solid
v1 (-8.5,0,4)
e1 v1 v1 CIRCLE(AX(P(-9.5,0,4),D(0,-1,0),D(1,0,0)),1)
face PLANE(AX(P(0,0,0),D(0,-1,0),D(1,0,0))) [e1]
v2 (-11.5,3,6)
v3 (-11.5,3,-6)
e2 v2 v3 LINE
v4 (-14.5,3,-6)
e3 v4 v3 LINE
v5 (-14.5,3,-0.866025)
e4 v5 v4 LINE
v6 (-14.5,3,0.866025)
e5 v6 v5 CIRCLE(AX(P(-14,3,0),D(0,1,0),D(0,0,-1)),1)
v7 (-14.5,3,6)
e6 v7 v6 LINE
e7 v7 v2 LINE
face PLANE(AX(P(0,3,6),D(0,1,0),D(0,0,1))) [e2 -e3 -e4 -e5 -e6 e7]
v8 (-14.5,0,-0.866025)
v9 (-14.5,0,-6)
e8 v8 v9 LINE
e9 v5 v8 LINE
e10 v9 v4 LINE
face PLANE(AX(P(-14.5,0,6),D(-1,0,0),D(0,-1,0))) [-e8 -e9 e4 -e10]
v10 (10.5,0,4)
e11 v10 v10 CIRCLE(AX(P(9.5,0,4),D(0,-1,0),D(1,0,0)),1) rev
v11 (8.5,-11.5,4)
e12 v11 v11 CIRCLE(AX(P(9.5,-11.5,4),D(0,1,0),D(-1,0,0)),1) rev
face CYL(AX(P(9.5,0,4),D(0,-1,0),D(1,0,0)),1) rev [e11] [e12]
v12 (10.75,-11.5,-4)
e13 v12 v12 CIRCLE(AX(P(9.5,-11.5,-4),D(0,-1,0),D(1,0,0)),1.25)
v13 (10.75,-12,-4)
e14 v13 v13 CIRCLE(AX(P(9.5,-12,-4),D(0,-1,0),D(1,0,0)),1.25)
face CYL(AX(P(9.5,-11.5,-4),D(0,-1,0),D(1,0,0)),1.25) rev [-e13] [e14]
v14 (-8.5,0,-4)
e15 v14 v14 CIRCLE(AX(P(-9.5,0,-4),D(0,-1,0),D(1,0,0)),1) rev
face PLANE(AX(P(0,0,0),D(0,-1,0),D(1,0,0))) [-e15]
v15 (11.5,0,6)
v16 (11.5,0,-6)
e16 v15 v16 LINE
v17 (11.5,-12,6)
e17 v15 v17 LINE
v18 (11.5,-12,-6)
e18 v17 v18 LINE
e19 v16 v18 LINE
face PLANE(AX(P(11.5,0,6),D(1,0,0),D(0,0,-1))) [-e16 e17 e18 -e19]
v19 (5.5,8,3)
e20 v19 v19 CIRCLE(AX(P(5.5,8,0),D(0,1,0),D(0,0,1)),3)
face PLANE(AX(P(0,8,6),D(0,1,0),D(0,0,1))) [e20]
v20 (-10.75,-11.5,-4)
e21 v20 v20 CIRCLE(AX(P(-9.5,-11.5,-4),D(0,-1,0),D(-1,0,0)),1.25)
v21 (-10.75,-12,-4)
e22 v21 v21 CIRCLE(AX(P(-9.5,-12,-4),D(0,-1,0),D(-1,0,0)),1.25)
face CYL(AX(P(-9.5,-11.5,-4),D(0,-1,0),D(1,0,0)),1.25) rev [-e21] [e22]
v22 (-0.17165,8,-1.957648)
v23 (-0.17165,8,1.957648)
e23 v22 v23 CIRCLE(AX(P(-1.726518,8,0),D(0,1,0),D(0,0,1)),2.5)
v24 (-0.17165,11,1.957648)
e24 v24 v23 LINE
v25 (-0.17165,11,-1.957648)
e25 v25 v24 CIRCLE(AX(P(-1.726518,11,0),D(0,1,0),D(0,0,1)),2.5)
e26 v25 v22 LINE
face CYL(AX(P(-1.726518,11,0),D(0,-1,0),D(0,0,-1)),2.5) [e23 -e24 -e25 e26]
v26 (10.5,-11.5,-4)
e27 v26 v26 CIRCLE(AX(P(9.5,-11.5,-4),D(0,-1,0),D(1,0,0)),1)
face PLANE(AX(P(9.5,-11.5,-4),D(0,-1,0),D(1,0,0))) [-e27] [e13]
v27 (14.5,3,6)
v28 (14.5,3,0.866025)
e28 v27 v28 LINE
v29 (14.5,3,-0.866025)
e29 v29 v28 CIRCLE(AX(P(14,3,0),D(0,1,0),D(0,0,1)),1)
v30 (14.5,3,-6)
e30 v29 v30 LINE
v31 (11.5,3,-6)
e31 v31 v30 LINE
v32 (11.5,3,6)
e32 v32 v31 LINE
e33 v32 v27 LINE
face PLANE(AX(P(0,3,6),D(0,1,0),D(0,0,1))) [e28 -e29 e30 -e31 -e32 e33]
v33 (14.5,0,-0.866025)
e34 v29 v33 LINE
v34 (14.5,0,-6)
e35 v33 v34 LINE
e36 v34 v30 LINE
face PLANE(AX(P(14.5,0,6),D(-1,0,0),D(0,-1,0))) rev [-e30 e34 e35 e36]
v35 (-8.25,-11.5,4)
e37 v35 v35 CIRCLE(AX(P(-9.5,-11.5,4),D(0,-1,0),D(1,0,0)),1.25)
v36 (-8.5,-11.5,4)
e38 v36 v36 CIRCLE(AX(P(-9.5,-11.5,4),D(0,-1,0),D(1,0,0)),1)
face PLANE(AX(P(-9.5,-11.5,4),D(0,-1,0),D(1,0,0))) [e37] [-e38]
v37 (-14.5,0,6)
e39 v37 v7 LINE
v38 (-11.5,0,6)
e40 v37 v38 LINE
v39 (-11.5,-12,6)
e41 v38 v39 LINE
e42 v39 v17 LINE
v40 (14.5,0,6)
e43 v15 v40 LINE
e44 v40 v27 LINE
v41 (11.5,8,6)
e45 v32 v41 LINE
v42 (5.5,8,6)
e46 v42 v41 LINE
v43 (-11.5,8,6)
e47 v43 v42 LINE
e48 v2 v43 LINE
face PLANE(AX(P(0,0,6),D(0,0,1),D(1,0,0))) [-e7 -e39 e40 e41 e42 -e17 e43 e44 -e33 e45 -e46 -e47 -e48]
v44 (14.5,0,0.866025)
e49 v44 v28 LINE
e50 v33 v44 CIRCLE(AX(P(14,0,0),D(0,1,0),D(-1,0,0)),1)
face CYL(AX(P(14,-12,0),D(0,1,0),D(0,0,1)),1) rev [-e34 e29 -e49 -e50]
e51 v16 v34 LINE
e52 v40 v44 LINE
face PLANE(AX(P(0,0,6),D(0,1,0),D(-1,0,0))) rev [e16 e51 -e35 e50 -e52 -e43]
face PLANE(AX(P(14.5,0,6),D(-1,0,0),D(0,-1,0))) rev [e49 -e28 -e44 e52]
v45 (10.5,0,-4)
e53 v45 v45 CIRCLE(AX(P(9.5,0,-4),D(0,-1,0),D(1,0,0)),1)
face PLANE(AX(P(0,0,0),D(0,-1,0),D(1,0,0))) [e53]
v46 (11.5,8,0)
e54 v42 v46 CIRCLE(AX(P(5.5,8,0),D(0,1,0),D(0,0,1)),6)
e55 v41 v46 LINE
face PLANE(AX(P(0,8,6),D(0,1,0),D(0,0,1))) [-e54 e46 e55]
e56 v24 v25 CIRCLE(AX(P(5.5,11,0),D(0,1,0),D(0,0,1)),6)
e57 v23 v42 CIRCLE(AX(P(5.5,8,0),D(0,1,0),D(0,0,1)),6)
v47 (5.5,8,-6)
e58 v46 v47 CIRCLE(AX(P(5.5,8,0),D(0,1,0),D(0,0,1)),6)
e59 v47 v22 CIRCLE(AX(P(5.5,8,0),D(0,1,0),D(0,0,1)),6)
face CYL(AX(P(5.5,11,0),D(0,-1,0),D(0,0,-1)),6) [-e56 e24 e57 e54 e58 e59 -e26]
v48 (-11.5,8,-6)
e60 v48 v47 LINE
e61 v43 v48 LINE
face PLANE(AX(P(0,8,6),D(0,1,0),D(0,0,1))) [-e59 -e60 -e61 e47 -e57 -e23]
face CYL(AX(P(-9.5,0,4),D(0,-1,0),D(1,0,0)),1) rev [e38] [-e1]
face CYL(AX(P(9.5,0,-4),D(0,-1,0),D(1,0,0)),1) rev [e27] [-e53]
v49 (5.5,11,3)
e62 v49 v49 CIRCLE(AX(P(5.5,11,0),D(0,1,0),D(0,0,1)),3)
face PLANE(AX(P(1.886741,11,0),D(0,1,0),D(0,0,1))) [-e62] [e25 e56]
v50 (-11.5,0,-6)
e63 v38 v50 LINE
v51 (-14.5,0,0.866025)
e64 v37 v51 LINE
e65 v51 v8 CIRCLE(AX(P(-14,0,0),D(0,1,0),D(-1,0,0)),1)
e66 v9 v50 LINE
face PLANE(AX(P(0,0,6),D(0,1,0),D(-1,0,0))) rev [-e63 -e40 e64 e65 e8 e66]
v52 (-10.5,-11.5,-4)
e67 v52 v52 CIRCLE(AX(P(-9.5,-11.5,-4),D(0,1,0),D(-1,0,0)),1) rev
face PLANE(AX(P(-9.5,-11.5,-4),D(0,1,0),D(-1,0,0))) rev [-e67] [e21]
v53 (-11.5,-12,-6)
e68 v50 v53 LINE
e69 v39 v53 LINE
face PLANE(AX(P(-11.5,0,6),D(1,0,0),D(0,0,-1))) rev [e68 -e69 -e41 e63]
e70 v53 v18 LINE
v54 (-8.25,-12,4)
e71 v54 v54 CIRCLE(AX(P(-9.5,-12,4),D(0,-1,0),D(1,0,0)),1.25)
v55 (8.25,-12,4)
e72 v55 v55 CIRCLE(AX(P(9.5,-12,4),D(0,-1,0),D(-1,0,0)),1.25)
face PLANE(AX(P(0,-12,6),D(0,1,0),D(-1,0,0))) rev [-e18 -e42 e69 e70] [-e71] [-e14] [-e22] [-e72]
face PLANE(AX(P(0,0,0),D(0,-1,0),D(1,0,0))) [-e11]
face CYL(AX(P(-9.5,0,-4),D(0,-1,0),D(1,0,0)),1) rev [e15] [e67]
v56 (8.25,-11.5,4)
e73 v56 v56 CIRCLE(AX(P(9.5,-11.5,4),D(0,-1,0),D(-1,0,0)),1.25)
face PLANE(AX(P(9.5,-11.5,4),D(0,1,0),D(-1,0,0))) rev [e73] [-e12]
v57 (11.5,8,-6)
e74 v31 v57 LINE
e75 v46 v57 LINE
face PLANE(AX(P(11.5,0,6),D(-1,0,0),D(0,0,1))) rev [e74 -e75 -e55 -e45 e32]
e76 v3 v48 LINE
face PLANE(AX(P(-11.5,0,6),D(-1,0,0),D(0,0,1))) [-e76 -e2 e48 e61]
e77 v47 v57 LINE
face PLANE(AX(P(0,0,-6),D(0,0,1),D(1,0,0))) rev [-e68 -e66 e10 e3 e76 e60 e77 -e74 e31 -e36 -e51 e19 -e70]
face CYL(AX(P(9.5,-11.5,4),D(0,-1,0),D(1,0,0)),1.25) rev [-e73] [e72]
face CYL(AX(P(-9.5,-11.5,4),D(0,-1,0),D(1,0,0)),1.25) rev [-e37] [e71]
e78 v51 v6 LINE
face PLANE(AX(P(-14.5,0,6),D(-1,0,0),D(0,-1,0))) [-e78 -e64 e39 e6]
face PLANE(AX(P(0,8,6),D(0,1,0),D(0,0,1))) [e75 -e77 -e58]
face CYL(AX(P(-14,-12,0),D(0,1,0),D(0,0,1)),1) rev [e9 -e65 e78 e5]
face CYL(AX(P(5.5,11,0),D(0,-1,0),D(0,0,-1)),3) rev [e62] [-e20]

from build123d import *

# Parameters (mm, degrees)
BOSS_EXTRUDE1_DEPTH = 6
SKETCH2_R           = 1
CUT_EXTRUDE1_DEPTH  = 22.708293346
SKETCH3_R           = 1.25
SKETCH3_R_2         = 1
CUT_EXTRUDE2_DEPTH  = 0.5
SKETCH3_2_R         = 1
CUT_EXTRUDE3_DEPTH  = 12
SKETCH4_R           = 3
BOSS_EXTRUDE2_DEPTH = 3


with BuildPart() as part:
    # Sketch1 → Boss-Extrude1 (new, symmetric)
    with BuildSketch(Plane.XY):
        Polygon((-14.5, 0), (-11.5, 0), (-11.5, -12), (11.5, -12), (11.5, 0), (14.5, 0), (14.5, 3), (11.5, 3), (11.5, 8), (-11.5, 8), (-11.5, 3), (-14.5, 3), align=None)
    extrude(amount=BOSS_EXTRUDE1_DEPTH, both=True)

    # Sketch2 → Cut-Extrude1 (cut, through all)
    with BuildSketch(Plane(origin=(0, 3, 0), x_dir=(1, 0, 0), z_dir=(0, 1, 0))):
        with Locations((14, 0)):
            Circle(SKETCH2_R)
        with Locations((-14, 0)):
            Circle(SKETCH2_R)
    extrude(amount=-CUT_EXTRUDE1_DEPTH, mode=Mode.SUBTRACT)

    # Sketch3 → Cut-Extrude2 (cut)
    # profile 1 of 4: a face of its own
    with BuildSketch(Plane.XZ.offset(12)):
        with Locations((9.5, -4)):
            Circle(SKETCH3_R)
        with Locations((9.5, -4)):
            Circle(SKETCH3_R_2, mode=Mode.SUBTRACT)
    # profile 2 of 4: a face of its own
    with BuildSketch(Plane.XZ.offset(12)):
        with Locations((9.5, 4)):
            Circle(SKETCH3_R)
        with Locations((9.5, 4)):
            Circle(SKETCH3_R_2, mode=Mode.SUBTRACT)
    # profile 3 of 4: a face of its own
    with BuildSketch(Plane.XZ.offset(12)):
        with Locations((-9.5, -4)):
            Circle(SKETCH3_R)
        with Locations((-9.5, -4)):
            Circle(SKETCH3_R_2, mode=Mode.SUBTRACT)
    # profile 4 of 4: a face of its own
    with BuildSketch(Plane.XZ.offset(12)):
        with Locations((-9.5, 4)):
            Circle(SKETCH3_R)
        with Locations((-9.5, 4)):
            Circle(SKETCH3_R_2, mode=Mode.SUBTRACT)
    extrude(amount=-CUT_EXTRUDE2_DEPTH, mode=Mode.SUBTRACT)

    # Sketch3<2> → Cut-Extrude3 (cut)
    with BuildSketch(Plane.XZ.offset(12)):
        with Locations((9.5, -4)):
            Circle(SKETCH3_2_R)
        with Locations((9.5, 4)):
            Circle(SKETCH3_2_R)
        with Locations((-9.5, -4)):
            Circle(SKETCH3_2_R)
        with Locations((-9.5, 4)):
            Circle(SKETCH3_2_R)
    extrude(amount=-CUT_EXTRUDE3_DEPTH, mode=Mode.SUBTRACT)

    # Sketch4 → Boss-Extrude2 (add)
    with BuildSketch(Plane(origin=(0, 8, 0), x_dir=(1, 0, 0), z_dir=(0, 1, 0))):
        with BuildLine():
            ThreePointArc((-0.171650012, -1.957648115), (11.5, 0), (-0.171650012, 1.957648115))
            ThreePointArc((-0.171650012, 1.957648115), (-4.226517806, 0), (-0.171650012, -1.957648115))
        make_face()
        with Locations((5.5, 0)):
            Circle(SKETCH4_R, mode=Mode.SUBTRACT)
    extrude(amount=BOSS_EXTRUDE2_DEPTH)


solid = part.part
